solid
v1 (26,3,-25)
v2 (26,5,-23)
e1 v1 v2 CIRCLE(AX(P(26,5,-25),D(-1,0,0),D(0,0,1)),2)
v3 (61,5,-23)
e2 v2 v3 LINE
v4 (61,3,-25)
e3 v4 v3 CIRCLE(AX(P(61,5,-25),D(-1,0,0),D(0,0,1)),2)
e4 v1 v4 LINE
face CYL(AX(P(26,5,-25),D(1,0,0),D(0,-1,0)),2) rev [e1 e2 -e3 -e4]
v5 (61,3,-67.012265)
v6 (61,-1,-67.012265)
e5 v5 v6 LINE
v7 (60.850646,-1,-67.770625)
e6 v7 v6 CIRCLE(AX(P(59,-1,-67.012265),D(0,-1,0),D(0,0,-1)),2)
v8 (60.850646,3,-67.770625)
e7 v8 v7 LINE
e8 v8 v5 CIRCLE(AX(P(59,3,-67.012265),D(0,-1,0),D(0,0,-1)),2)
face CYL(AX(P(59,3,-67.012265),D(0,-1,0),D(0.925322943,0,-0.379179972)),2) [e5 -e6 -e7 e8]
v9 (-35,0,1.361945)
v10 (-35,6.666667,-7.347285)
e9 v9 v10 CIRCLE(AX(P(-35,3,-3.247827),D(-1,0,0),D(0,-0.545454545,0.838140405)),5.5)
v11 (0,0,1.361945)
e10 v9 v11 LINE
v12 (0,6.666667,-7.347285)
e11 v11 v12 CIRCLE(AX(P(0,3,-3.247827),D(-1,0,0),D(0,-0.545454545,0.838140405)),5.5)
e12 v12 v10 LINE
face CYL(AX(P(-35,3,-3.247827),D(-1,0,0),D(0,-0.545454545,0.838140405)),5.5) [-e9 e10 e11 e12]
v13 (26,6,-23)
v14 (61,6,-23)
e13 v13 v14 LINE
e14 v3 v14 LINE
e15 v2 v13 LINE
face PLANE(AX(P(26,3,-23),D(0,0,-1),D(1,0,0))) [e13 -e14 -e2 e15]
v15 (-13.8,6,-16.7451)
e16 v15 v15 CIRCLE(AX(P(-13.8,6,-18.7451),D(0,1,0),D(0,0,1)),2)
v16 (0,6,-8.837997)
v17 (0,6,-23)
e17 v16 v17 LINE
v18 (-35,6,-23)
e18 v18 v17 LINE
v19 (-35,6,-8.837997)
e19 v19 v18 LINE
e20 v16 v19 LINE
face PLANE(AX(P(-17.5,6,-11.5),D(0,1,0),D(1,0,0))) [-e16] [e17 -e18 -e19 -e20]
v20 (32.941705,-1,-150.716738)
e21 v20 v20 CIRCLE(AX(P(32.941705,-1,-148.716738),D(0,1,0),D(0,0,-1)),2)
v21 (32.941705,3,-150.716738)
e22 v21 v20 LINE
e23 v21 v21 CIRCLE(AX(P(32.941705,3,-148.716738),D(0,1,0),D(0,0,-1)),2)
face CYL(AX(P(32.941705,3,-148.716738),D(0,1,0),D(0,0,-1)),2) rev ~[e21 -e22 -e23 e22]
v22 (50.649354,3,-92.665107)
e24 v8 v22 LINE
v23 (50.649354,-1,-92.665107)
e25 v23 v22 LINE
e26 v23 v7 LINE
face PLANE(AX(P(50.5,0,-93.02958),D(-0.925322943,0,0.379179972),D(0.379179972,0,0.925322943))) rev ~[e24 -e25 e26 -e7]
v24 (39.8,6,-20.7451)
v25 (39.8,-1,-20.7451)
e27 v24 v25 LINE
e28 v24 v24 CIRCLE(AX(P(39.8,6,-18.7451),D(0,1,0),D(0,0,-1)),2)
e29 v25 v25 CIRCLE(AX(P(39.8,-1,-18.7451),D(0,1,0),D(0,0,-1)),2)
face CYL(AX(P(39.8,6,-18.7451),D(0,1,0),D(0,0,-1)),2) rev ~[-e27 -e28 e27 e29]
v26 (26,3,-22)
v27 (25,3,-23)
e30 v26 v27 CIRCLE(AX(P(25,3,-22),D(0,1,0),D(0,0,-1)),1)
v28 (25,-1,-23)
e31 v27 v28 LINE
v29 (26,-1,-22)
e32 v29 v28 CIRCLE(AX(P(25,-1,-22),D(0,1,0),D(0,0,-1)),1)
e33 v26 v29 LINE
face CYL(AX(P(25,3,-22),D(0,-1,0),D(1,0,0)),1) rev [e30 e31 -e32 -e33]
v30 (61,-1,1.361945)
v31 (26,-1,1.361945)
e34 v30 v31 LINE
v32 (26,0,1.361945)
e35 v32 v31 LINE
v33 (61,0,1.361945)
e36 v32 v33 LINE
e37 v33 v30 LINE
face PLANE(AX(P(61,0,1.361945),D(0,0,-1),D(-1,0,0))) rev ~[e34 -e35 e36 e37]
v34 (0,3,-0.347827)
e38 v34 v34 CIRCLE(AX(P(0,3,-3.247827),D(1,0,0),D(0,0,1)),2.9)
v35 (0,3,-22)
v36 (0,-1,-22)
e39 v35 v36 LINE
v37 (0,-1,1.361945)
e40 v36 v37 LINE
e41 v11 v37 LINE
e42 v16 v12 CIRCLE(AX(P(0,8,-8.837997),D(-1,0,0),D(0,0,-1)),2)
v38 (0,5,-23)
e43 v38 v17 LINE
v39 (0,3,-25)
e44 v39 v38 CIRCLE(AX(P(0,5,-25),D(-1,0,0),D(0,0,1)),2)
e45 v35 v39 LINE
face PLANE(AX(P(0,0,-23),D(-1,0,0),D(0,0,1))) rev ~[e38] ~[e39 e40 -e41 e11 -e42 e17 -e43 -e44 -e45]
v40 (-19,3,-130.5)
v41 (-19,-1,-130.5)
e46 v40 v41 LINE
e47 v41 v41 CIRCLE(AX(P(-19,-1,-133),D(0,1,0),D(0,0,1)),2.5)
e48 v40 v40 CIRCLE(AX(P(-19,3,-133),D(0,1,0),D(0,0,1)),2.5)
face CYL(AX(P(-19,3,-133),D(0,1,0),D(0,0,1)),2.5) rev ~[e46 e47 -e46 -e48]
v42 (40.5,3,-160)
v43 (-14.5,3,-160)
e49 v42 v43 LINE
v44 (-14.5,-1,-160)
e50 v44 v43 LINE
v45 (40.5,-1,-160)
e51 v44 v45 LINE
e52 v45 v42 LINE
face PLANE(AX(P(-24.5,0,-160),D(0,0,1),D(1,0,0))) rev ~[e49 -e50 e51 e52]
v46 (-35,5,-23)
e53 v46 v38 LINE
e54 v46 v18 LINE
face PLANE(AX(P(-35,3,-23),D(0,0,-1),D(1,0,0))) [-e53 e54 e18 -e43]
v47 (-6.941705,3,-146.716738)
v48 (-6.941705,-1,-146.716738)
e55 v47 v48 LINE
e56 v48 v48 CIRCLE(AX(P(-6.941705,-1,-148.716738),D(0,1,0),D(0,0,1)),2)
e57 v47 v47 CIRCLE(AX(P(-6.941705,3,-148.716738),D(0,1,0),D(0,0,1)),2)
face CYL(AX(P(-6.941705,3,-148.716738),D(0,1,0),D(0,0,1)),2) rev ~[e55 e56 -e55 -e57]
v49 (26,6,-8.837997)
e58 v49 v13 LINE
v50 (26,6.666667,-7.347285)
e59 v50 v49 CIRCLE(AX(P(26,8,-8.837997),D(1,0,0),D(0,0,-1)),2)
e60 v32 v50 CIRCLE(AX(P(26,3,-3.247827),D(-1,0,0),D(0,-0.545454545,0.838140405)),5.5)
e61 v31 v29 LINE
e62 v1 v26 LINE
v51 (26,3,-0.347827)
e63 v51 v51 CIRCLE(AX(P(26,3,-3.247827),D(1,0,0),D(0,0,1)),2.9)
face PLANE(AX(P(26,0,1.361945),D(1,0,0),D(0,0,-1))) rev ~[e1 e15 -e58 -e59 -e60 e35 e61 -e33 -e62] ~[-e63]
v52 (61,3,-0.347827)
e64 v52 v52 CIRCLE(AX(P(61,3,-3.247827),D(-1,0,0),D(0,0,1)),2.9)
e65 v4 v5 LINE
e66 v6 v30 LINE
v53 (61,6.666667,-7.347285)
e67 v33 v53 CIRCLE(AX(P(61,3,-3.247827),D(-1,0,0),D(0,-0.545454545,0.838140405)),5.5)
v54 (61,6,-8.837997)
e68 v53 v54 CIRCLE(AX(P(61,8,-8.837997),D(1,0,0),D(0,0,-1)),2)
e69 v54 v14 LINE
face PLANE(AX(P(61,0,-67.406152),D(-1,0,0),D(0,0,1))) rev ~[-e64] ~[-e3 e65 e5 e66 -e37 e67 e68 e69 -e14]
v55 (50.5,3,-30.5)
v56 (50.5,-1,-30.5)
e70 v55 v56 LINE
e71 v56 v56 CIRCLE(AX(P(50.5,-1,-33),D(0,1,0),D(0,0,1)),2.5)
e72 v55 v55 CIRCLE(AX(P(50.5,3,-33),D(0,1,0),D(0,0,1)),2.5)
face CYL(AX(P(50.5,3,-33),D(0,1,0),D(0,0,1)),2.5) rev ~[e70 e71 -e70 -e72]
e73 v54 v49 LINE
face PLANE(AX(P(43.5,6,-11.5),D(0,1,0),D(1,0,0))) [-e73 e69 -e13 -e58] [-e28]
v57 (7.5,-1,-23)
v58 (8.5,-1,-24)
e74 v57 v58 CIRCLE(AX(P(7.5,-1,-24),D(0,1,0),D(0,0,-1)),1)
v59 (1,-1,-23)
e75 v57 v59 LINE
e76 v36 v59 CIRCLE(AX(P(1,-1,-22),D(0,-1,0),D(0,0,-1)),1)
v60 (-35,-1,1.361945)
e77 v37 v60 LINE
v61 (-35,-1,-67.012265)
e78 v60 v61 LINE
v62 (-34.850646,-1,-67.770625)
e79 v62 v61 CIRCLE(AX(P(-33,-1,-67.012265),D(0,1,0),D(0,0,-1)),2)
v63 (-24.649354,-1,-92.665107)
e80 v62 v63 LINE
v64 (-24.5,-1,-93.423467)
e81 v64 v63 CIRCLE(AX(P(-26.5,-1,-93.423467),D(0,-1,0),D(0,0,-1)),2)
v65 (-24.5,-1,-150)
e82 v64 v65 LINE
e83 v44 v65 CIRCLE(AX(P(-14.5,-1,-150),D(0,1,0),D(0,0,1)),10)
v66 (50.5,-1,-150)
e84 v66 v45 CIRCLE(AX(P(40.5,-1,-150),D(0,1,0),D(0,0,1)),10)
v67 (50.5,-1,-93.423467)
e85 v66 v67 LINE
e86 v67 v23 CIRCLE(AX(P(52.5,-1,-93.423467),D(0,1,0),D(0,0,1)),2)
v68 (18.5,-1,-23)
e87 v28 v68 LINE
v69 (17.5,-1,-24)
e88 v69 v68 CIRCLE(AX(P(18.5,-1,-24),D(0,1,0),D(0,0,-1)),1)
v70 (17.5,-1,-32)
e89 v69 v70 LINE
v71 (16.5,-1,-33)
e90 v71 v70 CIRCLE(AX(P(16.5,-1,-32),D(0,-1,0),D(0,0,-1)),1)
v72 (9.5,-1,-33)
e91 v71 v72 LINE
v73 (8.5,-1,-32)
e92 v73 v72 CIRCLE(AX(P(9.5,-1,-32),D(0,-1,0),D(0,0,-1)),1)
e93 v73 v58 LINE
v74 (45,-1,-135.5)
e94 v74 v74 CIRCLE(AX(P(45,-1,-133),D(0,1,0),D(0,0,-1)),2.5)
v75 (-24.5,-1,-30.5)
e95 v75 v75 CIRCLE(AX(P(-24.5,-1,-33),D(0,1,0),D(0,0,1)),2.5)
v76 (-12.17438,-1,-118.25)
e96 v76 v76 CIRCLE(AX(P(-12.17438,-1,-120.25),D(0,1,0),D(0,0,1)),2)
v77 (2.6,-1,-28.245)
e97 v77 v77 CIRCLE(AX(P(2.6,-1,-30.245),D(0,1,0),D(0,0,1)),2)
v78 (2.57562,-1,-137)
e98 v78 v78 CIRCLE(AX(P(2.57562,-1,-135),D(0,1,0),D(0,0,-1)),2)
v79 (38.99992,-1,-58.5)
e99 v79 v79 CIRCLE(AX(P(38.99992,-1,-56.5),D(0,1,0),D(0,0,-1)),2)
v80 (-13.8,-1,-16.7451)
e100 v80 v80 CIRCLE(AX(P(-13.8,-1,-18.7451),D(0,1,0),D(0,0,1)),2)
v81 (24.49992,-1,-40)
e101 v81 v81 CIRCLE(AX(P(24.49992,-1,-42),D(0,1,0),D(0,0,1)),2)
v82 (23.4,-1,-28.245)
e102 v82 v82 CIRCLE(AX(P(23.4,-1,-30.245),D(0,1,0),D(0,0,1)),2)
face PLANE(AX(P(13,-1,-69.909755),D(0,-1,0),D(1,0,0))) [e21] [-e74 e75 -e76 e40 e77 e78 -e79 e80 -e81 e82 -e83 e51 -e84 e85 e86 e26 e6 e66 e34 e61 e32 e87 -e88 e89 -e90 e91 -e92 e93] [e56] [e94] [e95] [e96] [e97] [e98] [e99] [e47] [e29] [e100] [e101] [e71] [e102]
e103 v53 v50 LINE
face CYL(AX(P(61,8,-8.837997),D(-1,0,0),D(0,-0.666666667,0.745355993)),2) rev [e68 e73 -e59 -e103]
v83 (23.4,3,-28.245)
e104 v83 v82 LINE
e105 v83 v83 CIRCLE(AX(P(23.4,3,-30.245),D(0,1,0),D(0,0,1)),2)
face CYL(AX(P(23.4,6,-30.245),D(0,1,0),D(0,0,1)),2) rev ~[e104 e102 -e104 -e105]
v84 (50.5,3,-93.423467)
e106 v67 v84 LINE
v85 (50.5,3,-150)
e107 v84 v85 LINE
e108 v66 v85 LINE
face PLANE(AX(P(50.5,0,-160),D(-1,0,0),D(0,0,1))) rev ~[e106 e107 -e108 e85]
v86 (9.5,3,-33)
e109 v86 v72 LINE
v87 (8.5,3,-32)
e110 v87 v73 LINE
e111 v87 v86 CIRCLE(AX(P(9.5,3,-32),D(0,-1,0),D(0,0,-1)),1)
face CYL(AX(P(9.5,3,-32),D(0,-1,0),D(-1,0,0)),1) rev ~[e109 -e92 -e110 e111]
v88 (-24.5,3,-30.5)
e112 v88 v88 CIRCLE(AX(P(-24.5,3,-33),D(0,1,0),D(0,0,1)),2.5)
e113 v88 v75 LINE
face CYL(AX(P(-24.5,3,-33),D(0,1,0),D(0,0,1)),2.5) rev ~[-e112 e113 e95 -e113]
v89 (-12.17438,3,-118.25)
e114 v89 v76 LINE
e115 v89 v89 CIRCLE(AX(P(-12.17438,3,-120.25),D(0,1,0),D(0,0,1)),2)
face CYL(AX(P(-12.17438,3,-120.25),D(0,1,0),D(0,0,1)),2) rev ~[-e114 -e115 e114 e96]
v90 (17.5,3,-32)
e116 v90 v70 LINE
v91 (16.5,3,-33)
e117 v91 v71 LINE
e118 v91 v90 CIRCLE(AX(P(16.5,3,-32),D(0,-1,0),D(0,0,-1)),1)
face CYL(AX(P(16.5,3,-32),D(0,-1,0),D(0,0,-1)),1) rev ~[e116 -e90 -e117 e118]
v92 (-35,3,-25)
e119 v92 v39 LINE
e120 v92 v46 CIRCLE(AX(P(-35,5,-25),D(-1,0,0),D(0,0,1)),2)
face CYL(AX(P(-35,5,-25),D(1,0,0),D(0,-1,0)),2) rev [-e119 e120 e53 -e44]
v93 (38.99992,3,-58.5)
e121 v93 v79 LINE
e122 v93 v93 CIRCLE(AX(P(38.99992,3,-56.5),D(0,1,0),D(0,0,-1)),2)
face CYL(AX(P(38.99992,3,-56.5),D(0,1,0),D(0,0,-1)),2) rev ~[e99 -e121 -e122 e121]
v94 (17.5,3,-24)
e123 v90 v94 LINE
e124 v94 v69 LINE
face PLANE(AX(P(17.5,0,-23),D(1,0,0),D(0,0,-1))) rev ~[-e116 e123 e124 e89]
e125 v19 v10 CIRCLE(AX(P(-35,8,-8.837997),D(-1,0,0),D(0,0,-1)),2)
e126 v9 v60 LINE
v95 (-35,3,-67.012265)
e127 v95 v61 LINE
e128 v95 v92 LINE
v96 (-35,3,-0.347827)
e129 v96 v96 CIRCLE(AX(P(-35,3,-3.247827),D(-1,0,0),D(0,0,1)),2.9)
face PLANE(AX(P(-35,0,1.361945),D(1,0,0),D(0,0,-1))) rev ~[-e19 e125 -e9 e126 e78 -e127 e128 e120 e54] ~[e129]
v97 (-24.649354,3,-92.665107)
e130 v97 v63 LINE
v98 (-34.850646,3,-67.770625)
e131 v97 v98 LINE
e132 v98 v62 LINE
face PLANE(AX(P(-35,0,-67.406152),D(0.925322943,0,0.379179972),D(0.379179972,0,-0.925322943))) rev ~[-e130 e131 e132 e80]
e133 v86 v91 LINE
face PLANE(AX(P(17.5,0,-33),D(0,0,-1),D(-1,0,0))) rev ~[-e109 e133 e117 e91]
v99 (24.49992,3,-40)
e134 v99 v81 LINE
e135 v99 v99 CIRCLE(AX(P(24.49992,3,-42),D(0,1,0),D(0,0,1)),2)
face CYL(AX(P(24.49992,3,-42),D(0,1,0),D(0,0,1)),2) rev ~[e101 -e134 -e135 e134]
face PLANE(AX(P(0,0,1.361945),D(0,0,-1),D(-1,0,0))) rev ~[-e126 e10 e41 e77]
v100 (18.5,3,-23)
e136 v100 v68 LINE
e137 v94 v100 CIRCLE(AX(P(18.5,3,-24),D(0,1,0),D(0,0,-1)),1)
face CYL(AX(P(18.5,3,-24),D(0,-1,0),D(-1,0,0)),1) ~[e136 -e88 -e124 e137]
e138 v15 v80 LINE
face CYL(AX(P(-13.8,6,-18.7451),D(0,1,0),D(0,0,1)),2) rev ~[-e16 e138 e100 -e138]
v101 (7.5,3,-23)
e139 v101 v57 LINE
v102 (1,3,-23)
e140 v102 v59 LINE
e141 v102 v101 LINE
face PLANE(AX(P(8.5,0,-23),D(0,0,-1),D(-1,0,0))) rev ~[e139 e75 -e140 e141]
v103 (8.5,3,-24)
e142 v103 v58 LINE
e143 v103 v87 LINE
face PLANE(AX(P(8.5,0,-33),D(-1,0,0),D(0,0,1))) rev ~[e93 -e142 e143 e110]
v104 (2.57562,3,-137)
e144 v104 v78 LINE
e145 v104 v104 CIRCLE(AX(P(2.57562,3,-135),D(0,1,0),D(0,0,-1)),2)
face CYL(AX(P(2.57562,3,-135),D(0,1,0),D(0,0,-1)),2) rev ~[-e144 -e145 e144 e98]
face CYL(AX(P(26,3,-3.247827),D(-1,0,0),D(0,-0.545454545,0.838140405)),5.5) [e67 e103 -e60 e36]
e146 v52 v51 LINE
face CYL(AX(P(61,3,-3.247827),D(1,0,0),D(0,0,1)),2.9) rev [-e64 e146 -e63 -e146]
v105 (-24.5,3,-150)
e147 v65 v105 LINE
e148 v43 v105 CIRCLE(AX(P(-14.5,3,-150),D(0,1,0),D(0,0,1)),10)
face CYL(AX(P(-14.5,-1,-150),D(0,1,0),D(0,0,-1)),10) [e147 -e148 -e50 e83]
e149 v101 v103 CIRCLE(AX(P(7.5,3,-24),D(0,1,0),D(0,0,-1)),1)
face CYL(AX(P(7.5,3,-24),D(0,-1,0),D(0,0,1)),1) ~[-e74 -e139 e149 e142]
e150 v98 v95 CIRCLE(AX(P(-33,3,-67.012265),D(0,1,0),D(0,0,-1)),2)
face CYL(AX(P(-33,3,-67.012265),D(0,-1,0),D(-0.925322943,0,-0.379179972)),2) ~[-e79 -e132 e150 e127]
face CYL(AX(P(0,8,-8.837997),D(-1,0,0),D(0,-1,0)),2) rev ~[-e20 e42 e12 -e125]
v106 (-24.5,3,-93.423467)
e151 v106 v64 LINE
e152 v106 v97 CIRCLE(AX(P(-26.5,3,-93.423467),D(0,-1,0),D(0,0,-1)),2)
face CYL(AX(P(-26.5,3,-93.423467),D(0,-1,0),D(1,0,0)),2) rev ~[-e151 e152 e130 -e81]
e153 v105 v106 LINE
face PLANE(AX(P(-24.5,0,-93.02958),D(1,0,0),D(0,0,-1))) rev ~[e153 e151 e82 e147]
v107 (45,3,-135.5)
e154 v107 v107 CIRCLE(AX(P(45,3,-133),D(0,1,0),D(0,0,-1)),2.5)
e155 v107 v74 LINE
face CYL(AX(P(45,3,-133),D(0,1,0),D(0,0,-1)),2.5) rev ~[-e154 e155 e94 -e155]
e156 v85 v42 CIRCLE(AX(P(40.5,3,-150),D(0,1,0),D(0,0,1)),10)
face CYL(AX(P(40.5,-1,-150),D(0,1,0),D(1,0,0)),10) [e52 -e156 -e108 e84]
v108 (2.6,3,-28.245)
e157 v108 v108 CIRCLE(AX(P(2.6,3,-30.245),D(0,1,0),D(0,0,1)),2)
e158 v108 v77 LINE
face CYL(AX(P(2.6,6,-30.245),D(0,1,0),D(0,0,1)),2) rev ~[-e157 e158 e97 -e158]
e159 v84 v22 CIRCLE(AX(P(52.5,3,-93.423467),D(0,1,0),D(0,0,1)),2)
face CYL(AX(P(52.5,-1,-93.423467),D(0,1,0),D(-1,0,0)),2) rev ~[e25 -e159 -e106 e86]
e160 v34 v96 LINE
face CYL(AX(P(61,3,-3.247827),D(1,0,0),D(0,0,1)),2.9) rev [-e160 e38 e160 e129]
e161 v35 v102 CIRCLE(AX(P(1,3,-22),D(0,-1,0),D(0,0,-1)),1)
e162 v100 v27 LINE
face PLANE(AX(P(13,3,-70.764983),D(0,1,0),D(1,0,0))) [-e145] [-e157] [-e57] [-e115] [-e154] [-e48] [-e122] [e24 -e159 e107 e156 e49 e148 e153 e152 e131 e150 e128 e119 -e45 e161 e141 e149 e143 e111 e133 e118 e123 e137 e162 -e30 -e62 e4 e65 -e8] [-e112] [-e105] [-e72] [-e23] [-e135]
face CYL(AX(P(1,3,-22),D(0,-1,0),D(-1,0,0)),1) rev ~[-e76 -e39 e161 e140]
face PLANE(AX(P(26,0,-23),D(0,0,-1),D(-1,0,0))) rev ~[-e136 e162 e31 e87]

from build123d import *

# Parameters (mm, degrees)
BOSS_EXTRUDE1_DEPTH = 3
SKETCH5_W           = 35
SKETCH5_H           = 23
BOSS_EXTRUDE2_DEPTH = 3
BOSS_EXTRUDE5_DEPTH = 35
BOSS_EXTRUDE8_START = -35
BOSS_EXTRUDE8_DEPTH = 35
CUT_EXTRUDE1_START  = -96
SKETCH11_R          = 2.9
CUT_EXTRUDE1_DEPTH  = 96
BOSS_EXTRUDE7_DEPTH = 1
SKETCH17_R          = 2.5
CUT_EXTRUDE2_DEPTH  = 10
SKETCH18_R          = 2
CUT_EXTRUDE3_DEPTH  = 10
SKETCH19_R          = 2
CUT_EXTRUDE4_DEPTH  = 4
SKETCH21_R          = 2
CUT_EXTRUDE5_DEPTH  = 7
SKETCH22_R          = 2.5
CUT_EXTRUDE6_DEPTH  = 4
FILLET1_R           = 10
FILLET2_R           = 2
FILLET3_R           = 2
FILLET4_R           = 1


with BuildPart() as part:
    # Sketch1 → Boss-Extrude1 (new body)
    with BuildSketch(Plane(origin=(0, 0, 0), x_dir=(1, 0, 0), z_dir=(0, 1, 0))):
        Polygon((0, 0), (0, 23), (8.5, 23), (8.5, 33), (17.5, 33), (17.5, 23), (26, 23), (26, 0), (61, 0), (61, 28.801365462), (61, 67.406151765), (50.5, 93.029580251), (50.5, 160), (-24.5, 160), (-24.5, 93.029580251), (-35, 67.406151765), (-35, 28.801365462), (-35, 0), align=None)
    extrude(amount=BOSS_EXTRUDE1_DEPTH)

    # Sketch5 → Boss-Extrude2 (add)
    with BuildSketch(Plane(origin=(0, 3, 0), x_dir=(1, 0, 0), z_dir=(0, 1, 0))):
        with Locations((-17.5, 11.5)):
            Rectangle(SKETCH5_W, SKETCH5_H)
        with Locations((43.5, 11.5)):
            Rectangle(SKETCH5_W, SKETCH5_H)
    extrude(amount=BOSS_EXTRUDE2_DEPTH)

    # Sketch12 → Boss-Extrude5 (add)
    with BuildSketch(Plane.ZY.offset(35)):
        with BuildLine():
            Line((-7.857598958, 0), (1.361945499, 0))
            ThreePointArc((1.361945499, 0), (-3.247826729, 8.5), (-7.857598958, 0))
        make_face()
    extrude(amount=-BOSS_EXTRUDE5_DEPTH)

    # Sketch15 → Boss-Extrude8 (add)
    with BuildSketch(Plane(origin=(61, 0, 0), x_dir=(0, 0, -1), z_dir=(1, 0, 0)).offset(BOSS_EXTRUDE8_START)):
        with BuildLine():
            Line((7.857598958, 0), (-1.361945499, 0))
            ThreePointArc((-1.361945499, 0), (3.247826729, 8.5), (7.857598958, 0))
        make_face()
    extrude(amount=BOSS_EXTRUDE8_DEPTH)

    # Sketch11 → Cut-Extrude1 (cut)
    with BuildSketch(Plane.ZY.offset(35).offset(CUT_EXTRUDE1_START)):
        with Locations((-3.247826729, 3)):
            Circle(SKETCH11_R)
    extrude(amount=CUT_EXTRUDE1_DEPTH, mode=Mode.SUBTRACT)

    # Sketch14 → Boss-Extrude7 (add)
    with BuildSketch(Plane.XZ):
        Polygon((50.5, -93.029580251), (61, -67.406151765), (61, 1.361945499), (26, 1.361945499), (26, -23), (17.5, -23), (17.5, -33), (8.5, -33), (8.5, -23), (0, -23), (0, 1.361945499), (-35, 1.361945499), (-35, -67.406151765), (-24.5, -93.029580251), (-24.5, -160), (50.5, -160), align=None)
    extrude(amount=BOSS_EXTRUDE7_DEPTH)

    # Sketch17 → Cut-Extrude2 (cut)
    with BuildSketch(Plane(origin=(0, 3, 0), x_dir=(1, 0, 0), z_dir=(0, 1, 0))):
        with Locations(Location((-24.5, 33, 0), (0, 0, 270))):
            Circle(SKETCH17_R)
        with Locations(Location((50.5, 33, 0), (0, 0, 270))):
            Circle(SKETCH17_R)
    extrude(amount=-CUT_EXTRUDE2_DEPTH, mode=Mode.SUBTRACT)

    # Sketch18 → Cut-Extrude3 (cut)
    with BuildSketch(Plane(origin=(0, 3, 0), x_dir=(1, 0, 0), z_dir=(0, 1, 0))):
        with Locations(Location((-6.941705, 148.716738, 0), (0, 0, 270))):
            Circle(SKETCH18_R)
        with Locations(Location((32.941705, 148.716738, 0), (0, 0, 90))):
            Circle(SKETCH18_R)
    extrude(amount=-CUT_EXTRUDE3_DEPTH, mode=Mode.SUBTRACT)

    # Sketch19 → Cut-Extrude4 (cut)
    with BuildSketch(Plane(origin=(0, 3, 0), x_dir=(1, 0, 0), z_dir=(0, 1, 0))):
        with Locations(Location((-12.17438, 120.25, 0), (0, 0, 270))):
            Circle(SKETCH19_R)
        with Locations(Location((2.57562, 135, 0), (0, 0, 90))):
            Circle(SKETCH19_R)
        with Locations(Location((24.49992, 42, 0), (0, 0, 270))):
            Circle(SKETCH19_R)
        with Locations(Location((38.99992, 56.5, 0), (0, 0, 90))):
            Circle(SKETCH19_R)
    extrude(amount=-CUT_EXTRUDE4_DEPTH, mode=Mode.SUBTRACT)

    # Sketch21 → Cut-Extrude5 (cut)
    with BuildSketch(Plane(origin=(0, 6, 0), x_dir=(1, 0, 0), z_dir=(0, 1, 0))):
        with Locations(Location((-13.8, 18.7451, 0), (0, 0, 270))):
            Circle(SKETCH21_R)
        with Locations(Location((2.6, 30.245, 0), (0, 0, 270))):
            Circle(SKETCH21_R)
        with Locations(Location((23.4, 30.245, 0), (0, 0, 270))):
            Circle(SKETCH21_R)
        with Locations(Location((39.8, 18.7451, 0), (0, 0, 90))):
            Circle(SKETCH21_R)
    extrude(amount=-CUT_EXTRUDE5_DEPTH, mode=Mode.SUBTRACT)

    # Sketch22 → Cut-Extrude6 (cut)
    with BuildSketch(Plane(origin=(0, 3, 0), x_dir=(1, 0, 0), z_dir=(0, 1, 0))):
        with Locations(Location((-19, 133, 0), (0, 0, 270))):
            Circle(SKETCH22_R)
        with Locations(Location((45, 133, 0), (0, 0, 90))):
            Circle(SKETCH22_R)
    extrude(amount=-CUT_EXTRUDE6_DEPTH, mode=Mode.SUBTRACT)

    # Fillet1
    fillet1_edges = [part.edges().sort_by_distance(p)[0] for p in [
        (-24.5, 1, -160),
        (50.5, 1, -160),
    ]]
    fillet(fillet1_edges, radius=FILLET1_R)

    # Fillet2
    fillet2_edges = [part.edges().sort_by_distance(p)[0] for p in [
        (50.5, 1, -93.029580251),
        (61, 1, -67.406151765),
        (-17.5, 3, -23),
        (43.5, 3, -23),
        (-17.5, 6, -7.857598958),
        (43.5, 6, -7.857598958),
    ]]
    fillet(fillet2_edges, radius=FILLET2_R)

    # Fillet3
    fillet3_edges = [part.edges().sort_by_distance(p)[0] for p in [
        (-35, 1, -67.406151765),
        (-24.5, 1, -93.029580251),
    ]]
    fillet(fillet3_edges, radius=FILLET3_R)

    # Fillet4
    fillet4_edges = [part.edges().sort_by_distance(p)[0] for p in [
        (26, 1, -23),
        (17.5, 1, -23),
        (17.5, 1, -33),
        (8.5, 1, -33),
        (8.5, 1, -23),
        (0, 1, -23),
    ]]
    fillet(fillet4_edges, radius=FILLET4_R)


solid = part.part
